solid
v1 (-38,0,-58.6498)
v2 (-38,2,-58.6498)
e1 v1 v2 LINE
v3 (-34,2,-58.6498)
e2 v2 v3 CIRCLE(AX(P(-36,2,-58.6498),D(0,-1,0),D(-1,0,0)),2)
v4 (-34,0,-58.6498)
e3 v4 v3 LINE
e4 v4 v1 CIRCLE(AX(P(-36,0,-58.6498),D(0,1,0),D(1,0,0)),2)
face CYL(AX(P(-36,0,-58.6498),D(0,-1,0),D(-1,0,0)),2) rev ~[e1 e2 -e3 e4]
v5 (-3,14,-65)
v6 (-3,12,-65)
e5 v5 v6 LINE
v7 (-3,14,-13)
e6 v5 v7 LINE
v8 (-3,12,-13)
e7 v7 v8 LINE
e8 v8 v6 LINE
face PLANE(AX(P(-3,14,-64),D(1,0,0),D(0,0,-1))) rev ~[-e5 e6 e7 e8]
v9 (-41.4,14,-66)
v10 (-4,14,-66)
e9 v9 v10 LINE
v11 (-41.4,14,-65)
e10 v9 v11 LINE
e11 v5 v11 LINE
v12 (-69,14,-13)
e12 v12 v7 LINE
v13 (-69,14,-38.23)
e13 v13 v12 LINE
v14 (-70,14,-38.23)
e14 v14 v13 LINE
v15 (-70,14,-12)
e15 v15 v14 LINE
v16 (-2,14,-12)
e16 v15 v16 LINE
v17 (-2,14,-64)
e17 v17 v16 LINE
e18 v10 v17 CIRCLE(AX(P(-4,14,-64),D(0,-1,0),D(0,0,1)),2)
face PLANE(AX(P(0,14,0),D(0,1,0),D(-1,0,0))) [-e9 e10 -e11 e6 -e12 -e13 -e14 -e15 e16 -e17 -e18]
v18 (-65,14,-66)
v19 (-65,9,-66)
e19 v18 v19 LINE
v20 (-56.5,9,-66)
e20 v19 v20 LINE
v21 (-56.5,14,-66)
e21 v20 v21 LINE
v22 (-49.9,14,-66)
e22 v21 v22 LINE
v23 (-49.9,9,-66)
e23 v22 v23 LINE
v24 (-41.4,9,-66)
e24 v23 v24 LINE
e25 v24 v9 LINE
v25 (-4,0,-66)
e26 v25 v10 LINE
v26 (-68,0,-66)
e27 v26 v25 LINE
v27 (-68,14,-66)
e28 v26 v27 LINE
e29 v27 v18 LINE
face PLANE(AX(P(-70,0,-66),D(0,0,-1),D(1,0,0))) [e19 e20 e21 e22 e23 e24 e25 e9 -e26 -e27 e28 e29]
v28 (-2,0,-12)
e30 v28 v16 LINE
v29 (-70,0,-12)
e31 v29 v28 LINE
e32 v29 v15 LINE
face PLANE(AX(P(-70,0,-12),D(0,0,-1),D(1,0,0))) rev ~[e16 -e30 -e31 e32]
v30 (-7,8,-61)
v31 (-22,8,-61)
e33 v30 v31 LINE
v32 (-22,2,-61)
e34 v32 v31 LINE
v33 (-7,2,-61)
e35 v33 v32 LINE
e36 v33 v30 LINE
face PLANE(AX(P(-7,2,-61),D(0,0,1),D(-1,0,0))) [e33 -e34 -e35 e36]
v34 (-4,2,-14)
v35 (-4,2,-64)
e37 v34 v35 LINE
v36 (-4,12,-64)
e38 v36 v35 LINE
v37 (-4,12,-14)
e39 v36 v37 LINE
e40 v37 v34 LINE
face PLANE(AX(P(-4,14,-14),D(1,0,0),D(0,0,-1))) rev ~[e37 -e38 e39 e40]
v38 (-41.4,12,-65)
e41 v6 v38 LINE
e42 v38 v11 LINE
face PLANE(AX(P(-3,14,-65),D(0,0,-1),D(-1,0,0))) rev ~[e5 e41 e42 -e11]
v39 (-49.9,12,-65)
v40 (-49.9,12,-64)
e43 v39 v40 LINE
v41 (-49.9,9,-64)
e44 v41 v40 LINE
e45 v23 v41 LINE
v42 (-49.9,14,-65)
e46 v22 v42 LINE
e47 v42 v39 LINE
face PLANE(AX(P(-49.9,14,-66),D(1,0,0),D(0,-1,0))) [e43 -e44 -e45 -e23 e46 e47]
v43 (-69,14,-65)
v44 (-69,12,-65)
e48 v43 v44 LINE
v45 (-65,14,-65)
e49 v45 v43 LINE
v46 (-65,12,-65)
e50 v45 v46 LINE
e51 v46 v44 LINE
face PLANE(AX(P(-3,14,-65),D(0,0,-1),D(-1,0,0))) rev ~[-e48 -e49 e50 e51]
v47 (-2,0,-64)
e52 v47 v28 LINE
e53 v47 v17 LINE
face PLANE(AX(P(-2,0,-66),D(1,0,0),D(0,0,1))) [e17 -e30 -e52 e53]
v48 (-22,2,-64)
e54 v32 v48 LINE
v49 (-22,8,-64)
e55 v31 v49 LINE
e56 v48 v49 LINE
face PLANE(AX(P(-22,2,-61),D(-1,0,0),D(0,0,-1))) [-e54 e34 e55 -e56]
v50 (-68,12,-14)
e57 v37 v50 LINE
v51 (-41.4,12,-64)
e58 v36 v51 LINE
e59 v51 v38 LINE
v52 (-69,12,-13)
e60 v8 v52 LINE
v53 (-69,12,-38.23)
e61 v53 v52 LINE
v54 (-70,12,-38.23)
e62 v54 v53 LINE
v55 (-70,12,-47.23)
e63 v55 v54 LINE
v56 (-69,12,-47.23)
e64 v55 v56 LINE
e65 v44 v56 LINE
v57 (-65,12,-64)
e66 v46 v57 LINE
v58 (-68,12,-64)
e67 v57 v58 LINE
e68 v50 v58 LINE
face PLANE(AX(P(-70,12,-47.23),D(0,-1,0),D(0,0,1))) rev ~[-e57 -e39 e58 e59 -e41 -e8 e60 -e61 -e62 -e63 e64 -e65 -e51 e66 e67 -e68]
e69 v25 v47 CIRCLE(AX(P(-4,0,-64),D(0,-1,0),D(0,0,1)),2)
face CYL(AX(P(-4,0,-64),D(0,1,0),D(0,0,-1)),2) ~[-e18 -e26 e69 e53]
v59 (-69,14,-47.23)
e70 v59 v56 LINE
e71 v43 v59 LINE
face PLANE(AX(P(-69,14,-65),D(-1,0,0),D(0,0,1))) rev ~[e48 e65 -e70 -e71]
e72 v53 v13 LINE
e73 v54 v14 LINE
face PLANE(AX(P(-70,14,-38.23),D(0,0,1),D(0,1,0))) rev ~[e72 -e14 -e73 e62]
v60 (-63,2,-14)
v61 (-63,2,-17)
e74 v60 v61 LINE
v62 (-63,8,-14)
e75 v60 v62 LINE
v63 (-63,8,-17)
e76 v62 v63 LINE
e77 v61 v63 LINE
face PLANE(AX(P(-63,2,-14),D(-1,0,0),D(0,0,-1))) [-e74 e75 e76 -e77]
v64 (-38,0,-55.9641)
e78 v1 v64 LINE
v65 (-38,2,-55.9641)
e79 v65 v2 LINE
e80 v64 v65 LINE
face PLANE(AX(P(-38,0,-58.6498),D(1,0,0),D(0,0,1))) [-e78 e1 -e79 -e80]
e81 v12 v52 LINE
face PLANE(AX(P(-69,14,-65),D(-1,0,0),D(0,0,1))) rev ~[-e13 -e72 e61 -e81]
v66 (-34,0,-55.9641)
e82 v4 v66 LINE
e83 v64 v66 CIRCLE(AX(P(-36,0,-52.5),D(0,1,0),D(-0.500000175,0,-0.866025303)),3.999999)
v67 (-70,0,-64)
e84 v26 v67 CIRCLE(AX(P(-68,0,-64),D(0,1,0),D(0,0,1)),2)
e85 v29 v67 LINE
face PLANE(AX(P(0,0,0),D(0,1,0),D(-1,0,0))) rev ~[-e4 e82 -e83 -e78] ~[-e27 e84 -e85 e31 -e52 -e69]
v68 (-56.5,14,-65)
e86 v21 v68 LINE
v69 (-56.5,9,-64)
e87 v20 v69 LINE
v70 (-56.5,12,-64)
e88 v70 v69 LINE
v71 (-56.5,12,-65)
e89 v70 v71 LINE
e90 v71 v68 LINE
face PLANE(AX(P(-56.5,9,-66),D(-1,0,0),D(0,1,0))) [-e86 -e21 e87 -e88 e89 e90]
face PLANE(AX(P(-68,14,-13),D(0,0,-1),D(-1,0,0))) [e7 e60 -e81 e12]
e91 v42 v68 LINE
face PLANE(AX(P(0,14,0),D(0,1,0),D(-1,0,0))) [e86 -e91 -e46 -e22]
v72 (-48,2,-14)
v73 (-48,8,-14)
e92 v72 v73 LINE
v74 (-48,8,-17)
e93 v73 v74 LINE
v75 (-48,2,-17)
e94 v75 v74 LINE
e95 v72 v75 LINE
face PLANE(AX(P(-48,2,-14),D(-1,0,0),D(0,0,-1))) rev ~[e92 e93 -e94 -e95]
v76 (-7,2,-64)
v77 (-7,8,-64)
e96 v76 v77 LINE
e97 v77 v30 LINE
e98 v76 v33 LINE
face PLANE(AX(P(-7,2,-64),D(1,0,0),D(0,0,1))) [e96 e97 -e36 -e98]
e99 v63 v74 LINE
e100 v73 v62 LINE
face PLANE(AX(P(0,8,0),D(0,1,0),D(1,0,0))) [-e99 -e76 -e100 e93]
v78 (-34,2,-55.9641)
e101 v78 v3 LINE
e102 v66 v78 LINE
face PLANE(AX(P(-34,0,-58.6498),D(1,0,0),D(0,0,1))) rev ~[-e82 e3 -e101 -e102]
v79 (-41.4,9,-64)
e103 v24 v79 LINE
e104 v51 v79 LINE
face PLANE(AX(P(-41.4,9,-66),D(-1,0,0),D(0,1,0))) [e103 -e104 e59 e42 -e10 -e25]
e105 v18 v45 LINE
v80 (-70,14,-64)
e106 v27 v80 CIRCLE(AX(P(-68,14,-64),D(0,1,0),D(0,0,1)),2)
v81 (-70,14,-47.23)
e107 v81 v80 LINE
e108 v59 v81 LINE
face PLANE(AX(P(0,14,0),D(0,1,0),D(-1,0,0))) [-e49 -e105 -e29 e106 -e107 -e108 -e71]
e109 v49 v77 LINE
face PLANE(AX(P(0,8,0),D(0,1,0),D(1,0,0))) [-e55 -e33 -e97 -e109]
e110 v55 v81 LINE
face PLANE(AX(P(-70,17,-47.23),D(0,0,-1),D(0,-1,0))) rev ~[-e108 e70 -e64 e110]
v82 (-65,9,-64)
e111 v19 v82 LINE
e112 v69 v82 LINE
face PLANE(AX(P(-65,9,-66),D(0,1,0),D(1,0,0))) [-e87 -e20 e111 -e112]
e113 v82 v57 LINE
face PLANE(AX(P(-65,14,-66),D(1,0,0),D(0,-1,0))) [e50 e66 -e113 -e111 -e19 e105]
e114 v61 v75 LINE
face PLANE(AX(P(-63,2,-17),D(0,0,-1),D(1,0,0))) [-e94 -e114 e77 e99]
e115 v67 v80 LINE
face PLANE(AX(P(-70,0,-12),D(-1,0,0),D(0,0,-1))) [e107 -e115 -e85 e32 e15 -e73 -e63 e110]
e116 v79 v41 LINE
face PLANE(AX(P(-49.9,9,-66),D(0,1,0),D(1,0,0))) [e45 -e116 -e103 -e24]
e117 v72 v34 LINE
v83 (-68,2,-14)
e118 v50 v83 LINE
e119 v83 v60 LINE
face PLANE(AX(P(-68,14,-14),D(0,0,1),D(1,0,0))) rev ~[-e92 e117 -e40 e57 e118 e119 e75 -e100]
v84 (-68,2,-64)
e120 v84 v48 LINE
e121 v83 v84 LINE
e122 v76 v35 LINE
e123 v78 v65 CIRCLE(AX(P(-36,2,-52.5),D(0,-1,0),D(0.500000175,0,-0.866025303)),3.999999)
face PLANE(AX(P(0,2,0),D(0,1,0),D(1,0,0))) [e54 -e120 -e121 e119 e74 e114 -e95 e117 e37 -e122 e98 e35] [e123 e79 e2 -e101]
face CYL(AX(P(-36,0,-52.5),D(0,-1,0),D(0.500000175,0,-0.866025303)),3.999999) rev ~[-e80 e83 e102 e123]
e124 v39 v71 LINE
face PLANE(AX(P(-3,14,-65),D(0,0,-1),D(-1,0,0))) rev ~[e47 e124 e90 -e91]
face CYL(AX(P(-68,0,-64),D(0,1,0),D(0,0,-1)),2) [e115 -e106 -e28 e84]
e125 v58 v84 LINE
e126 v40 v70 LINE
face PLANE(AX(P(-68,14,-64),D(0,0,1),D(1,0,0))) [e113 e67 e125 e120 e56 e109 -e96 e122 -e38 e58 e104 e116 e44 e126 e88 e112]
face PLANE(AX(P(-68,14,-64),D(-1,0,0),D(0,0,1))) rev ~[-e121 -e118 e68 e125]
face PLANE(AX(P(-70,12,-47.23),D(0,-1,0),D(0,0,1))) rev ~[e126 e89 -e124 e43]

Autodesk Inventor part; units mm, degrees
ref_plane "YZ Plane" through (0, 0, 0) normal (1, 0, 0) x (0, 1, 0)
ref_plane "XZ Plane" through (0, 0, 0) normal (0, 1, 0) x (-1, 0, 0)
ref_plane "XY Plane" through (0, 0, 0) normal (0, 0, 1) x (1, 0, 0)
sketch "Sketch1" plane through (0, 0, 0) normal (0, 1, 0) x (-1, 0, 0)
  point P0 (0, 0)
sketch "Sketch2" plane through (0, 0, 0) normal (0, 1, 0) x (-1, 0, 0)
  line L0 (70, -12) -> (70, -66)
  line L1 (70, -66) -> (2, -66)
  line L2 (70, -12) -> (2, -12)
  line L3 (2, -66) -> (2, -12)
  point P0 (0, 0)
  point P1 (2, 0)
  dimension "d151" = 68
  dimension "d152" = 54
extrude "Extrusion1" add sketch "Sketch2" along normal blind 14
sketch "Sketch3" plane through (0, 14, 0) normal (0, 1, 0) x (1, 0, 0)
  point P0 (0, 0)
sketch "Sketch4" plane through (0, 14, 0) normal (0, 1, 0) x (1, 0, 0)
  line L0 (-2, 66) -> (-70, 66) projected
  line L1 (-30.4814, 66) -> (-28.4814, 66)
  line L2 (-28.4814, 66) -> (-28.4814, 64)
  line L3 (-70, 66) -> (-70, 12) projected
  line L4 (-70, 37.8423) -> (-70, 39.8423)
  line L5 (-70, 39.8423) -> (-68, 39.8423)
  line L6 (-68, 64) -> (-68, 14)
  line L7 (-68, 64) -> (-4, 64)
  line L8 (-68, 14) -> (-4, 14)
  line L9 (-4, 14) -> (-4, 64)
  line L10 (-70, 12) -> (-2, 12) projected
  line L11 (-2, 12) -> (-2, 66) projected
  point P0 (-2, 64)
  point P1 (-68, 12)
  dimension "d6" = 2
  dimension "d8" = 2
  dimension "d102" = 2
  dimension "d104" = 2
  dimension "d153" = 2
  dimension "d154" = 2
extrude "Extrusion2" cut sketch "Sketch4" against normal blind 12 contours L7 L9 L8 L6
sketch "Sketch10" plane through (0, 2, 0) normal (0, 1, 0) x (1, 0, 0)
  line L0 (-48, 14) -> (-48, 17)
  line L1 (-48, 14) -> (-63, 14)
  line L2 (-63, 14) -> (-63, 17)
  line L3 (-63, 17) -> (-48, 17)
  line L4 (-48, 17) -> (-48, 14)
  line L5 (-22, 64) -> (-7, 64)
  line L6 (-7, 64) -> (-7, 61)
  line L7 (-7, 61) -> (-22, 61)
  line L8 (-22, 61) -> (-22, 64)
  line L9 (-68, 64) -> (-4, 64) projected
  line L10 (-63, 14) -> (-48, 14)
  line L11 (-4, 14) -> (-68, 14) projected
  point P0 (-68, 2)
  point P1 (-2, 64)
  dimension "d55" = 3
  dimension "d56" = 15
  dimension "d60" = 15
  dimension "d108" = 3
  dimension "d155" = 0
extrude "Extrusion5" add sketch "Sketch10" along normal blind 6
sketch "Sketch12" plane through (0, 0, 0) normal (0, -1, 0) x (1, 0, 0)
  line L0 (0, 0) -> (0, -66) projected
  arc A0 (-34, -55.9641) -> (-34, -49.0359) centre (-36, -52.5) ccw
  arc A1 (-38, -58.6498) -> (-34, -58.6498) centre (-36, -58.6498) ccw
  line L1 (-34, -58.6498) -> (-34, -55.9641)
  line L2 (-38, -58.6498) -> (-38, -55.9641)
  arc A2 (-34, -49.0359) -> (-38, -55.9641) centre (-36, -52.5) ccw
  line L3 (-2, -12) -> (-2, -66) projected
  line L4 (-2, -66) -> (-70, -66) projected
  line L5 (-2, -66) -> (-70, -66)
  line L6 (-36, -66) -> (-36, -12)
  line L7 (-70, -66) -> (-70, -12) projected
  line L8 (-70, -66) -> (-70, -12)
  line L9 (-70, -39) -> (-2, -39)
  line L10 (-36, -39) -> (-36, -66)
  line L11 (-36, -52.5) -> (-2, -52.5)
  arc A3 (-39, -58.6498) -> (-33, -58.6498) centre (-36, -58.6498) ccw
  line L12 (-39, -58.6498) -> (-39, -56.5)
  arc A4 (-33.5, -48.1699) -> (-39, -56.5) centre (-36, -52.5) ccw
  arc A5 (-33, -56.5) -> (-33.5, -48.1699) centre (-36, -52.5) ccw
  line L13 (-33, -56.5) -> (-33, -58.6498)
  dimension "d156" = 34
  dimension "d157" = 1
extrude "Extrusion7" cut sketch "Sketch12" against normal blind 5 contours L1 A1 L6 L11 A0 | L11 L6 A2 A0 | L6 A1 L2 A2
sketch "Sketch13" plane through (0, 14, 0) normal (0, 1, 0) x (1, 0, 0)
  line L0 (-70, 66) -> (-70, 12) projected
  line L1 (-69, 65) -> (-69, 13)
  line L2 (-2, 66) -> (-70, 66) projected
  line L3 (-68, 64) -> (-4, 64)
  line L4 (-2, 64) -> (-2, 12)
  line L5 (-68, 14) -> (-68, 64)
  line L6 (-4, 14) -> (-68, 14) projected
  line L7 (-68, 14) -> (-4, 14)
  line L8 (-7, 64) -> (-4, 64) projected
  line L9 (-4, 14) -> (-4, 64)
  line L10 (-70, 12) -> (-2, 12) projected
  line L11 (-68, 13) -> (-69, 13)
  line L12 (-68, 13) -> (-3, 13)
  line L13 (-2, 12) -> (-2, 66) projected
  line L14 (-4, 13) -> (-3, 13)
  line L15 (-3, 13) -> (-3, 64)
  line L16 (-3, 64) -> (-3, 65)
  line L17 (-3, 65) -> (-69, 65)
  dimension "d96" = 1
  dimension "d99" = 1
extrude "Extrusion8" cut sketch "Sketch13" against normal blind 2 contours L17 L16 L15 L12 L11 L1 | L3 L9 L6 L5
sketch "Sketch15" plane through (-70, 0, -66) normal (-1, 0, 0) x (0, 0, 1)
  line L0 (62.4242, 8) -> (52.7396, 8)
  line L1 (0, 0) -> (66, 0) projected
  line L2 (0, 14) -> (54, 14) projected
  line L3 (0, 0) -> (0, 14) projected
  line L4 (18.77, 12) -> (27.77, 12)
  line L5 (27.77, 12) -> (27.77, 17)
  line L6 (27.77, 17) -> (18.77, 17)
  line L7 (18.77, 17) -> (18.77, 12)
  point P0 (66, 14)
  dimension "d118" = 8
  dimension "d140" = 27.77
  dimension "d141" = 9
  dimension "d143" = 5
  dimension "d150" = 4
extrude "Extrusion9" cut sketch "Sketch15" against normal blind 10
sketch "Sketch16" plane through (-2, 0, -66) normal (0, 0, -1) x (-1, 0, 0)
  line L0 (39.4, 14) -> (47.9, 14)
  line L1 (47.9, 14) -> (47.9, 9)
  line L2 (47.9, 9) -> (39.4, 9)
  line L3 (39.4, 9) -> (39.4, 14)
  line L4 (54.5, 14) -> (63, 14)
  line L5 (63, 14) -> (63, 9)
  line L6 (63, 9) -> (54.5, 9)
  line L7 (54.5, 9) -> (54.5, 14)
  line L8 (20, 8) -> (5, 8) projected
  line L9 (68, 0) -> (68, 14) projected
  point P0 (-2, 0)
  dimension "d127" = 8.5
  dimension "d128" = 8.5
  dimension "d131" = 28.6
  dimension "d132" = 13.5
  dimension "d148" = 5
  dimension "d149" = 6
extrude "Extrusion10" cut sketch "Sketch16" against normal blind 10
fillet "Fillet7" radius 2 1 edges at (-2, 7, -66)
fillet "Fillet8" radius 2 1 edges at (-70, 7, -66)
properties part number "Shell 3 bottom"
